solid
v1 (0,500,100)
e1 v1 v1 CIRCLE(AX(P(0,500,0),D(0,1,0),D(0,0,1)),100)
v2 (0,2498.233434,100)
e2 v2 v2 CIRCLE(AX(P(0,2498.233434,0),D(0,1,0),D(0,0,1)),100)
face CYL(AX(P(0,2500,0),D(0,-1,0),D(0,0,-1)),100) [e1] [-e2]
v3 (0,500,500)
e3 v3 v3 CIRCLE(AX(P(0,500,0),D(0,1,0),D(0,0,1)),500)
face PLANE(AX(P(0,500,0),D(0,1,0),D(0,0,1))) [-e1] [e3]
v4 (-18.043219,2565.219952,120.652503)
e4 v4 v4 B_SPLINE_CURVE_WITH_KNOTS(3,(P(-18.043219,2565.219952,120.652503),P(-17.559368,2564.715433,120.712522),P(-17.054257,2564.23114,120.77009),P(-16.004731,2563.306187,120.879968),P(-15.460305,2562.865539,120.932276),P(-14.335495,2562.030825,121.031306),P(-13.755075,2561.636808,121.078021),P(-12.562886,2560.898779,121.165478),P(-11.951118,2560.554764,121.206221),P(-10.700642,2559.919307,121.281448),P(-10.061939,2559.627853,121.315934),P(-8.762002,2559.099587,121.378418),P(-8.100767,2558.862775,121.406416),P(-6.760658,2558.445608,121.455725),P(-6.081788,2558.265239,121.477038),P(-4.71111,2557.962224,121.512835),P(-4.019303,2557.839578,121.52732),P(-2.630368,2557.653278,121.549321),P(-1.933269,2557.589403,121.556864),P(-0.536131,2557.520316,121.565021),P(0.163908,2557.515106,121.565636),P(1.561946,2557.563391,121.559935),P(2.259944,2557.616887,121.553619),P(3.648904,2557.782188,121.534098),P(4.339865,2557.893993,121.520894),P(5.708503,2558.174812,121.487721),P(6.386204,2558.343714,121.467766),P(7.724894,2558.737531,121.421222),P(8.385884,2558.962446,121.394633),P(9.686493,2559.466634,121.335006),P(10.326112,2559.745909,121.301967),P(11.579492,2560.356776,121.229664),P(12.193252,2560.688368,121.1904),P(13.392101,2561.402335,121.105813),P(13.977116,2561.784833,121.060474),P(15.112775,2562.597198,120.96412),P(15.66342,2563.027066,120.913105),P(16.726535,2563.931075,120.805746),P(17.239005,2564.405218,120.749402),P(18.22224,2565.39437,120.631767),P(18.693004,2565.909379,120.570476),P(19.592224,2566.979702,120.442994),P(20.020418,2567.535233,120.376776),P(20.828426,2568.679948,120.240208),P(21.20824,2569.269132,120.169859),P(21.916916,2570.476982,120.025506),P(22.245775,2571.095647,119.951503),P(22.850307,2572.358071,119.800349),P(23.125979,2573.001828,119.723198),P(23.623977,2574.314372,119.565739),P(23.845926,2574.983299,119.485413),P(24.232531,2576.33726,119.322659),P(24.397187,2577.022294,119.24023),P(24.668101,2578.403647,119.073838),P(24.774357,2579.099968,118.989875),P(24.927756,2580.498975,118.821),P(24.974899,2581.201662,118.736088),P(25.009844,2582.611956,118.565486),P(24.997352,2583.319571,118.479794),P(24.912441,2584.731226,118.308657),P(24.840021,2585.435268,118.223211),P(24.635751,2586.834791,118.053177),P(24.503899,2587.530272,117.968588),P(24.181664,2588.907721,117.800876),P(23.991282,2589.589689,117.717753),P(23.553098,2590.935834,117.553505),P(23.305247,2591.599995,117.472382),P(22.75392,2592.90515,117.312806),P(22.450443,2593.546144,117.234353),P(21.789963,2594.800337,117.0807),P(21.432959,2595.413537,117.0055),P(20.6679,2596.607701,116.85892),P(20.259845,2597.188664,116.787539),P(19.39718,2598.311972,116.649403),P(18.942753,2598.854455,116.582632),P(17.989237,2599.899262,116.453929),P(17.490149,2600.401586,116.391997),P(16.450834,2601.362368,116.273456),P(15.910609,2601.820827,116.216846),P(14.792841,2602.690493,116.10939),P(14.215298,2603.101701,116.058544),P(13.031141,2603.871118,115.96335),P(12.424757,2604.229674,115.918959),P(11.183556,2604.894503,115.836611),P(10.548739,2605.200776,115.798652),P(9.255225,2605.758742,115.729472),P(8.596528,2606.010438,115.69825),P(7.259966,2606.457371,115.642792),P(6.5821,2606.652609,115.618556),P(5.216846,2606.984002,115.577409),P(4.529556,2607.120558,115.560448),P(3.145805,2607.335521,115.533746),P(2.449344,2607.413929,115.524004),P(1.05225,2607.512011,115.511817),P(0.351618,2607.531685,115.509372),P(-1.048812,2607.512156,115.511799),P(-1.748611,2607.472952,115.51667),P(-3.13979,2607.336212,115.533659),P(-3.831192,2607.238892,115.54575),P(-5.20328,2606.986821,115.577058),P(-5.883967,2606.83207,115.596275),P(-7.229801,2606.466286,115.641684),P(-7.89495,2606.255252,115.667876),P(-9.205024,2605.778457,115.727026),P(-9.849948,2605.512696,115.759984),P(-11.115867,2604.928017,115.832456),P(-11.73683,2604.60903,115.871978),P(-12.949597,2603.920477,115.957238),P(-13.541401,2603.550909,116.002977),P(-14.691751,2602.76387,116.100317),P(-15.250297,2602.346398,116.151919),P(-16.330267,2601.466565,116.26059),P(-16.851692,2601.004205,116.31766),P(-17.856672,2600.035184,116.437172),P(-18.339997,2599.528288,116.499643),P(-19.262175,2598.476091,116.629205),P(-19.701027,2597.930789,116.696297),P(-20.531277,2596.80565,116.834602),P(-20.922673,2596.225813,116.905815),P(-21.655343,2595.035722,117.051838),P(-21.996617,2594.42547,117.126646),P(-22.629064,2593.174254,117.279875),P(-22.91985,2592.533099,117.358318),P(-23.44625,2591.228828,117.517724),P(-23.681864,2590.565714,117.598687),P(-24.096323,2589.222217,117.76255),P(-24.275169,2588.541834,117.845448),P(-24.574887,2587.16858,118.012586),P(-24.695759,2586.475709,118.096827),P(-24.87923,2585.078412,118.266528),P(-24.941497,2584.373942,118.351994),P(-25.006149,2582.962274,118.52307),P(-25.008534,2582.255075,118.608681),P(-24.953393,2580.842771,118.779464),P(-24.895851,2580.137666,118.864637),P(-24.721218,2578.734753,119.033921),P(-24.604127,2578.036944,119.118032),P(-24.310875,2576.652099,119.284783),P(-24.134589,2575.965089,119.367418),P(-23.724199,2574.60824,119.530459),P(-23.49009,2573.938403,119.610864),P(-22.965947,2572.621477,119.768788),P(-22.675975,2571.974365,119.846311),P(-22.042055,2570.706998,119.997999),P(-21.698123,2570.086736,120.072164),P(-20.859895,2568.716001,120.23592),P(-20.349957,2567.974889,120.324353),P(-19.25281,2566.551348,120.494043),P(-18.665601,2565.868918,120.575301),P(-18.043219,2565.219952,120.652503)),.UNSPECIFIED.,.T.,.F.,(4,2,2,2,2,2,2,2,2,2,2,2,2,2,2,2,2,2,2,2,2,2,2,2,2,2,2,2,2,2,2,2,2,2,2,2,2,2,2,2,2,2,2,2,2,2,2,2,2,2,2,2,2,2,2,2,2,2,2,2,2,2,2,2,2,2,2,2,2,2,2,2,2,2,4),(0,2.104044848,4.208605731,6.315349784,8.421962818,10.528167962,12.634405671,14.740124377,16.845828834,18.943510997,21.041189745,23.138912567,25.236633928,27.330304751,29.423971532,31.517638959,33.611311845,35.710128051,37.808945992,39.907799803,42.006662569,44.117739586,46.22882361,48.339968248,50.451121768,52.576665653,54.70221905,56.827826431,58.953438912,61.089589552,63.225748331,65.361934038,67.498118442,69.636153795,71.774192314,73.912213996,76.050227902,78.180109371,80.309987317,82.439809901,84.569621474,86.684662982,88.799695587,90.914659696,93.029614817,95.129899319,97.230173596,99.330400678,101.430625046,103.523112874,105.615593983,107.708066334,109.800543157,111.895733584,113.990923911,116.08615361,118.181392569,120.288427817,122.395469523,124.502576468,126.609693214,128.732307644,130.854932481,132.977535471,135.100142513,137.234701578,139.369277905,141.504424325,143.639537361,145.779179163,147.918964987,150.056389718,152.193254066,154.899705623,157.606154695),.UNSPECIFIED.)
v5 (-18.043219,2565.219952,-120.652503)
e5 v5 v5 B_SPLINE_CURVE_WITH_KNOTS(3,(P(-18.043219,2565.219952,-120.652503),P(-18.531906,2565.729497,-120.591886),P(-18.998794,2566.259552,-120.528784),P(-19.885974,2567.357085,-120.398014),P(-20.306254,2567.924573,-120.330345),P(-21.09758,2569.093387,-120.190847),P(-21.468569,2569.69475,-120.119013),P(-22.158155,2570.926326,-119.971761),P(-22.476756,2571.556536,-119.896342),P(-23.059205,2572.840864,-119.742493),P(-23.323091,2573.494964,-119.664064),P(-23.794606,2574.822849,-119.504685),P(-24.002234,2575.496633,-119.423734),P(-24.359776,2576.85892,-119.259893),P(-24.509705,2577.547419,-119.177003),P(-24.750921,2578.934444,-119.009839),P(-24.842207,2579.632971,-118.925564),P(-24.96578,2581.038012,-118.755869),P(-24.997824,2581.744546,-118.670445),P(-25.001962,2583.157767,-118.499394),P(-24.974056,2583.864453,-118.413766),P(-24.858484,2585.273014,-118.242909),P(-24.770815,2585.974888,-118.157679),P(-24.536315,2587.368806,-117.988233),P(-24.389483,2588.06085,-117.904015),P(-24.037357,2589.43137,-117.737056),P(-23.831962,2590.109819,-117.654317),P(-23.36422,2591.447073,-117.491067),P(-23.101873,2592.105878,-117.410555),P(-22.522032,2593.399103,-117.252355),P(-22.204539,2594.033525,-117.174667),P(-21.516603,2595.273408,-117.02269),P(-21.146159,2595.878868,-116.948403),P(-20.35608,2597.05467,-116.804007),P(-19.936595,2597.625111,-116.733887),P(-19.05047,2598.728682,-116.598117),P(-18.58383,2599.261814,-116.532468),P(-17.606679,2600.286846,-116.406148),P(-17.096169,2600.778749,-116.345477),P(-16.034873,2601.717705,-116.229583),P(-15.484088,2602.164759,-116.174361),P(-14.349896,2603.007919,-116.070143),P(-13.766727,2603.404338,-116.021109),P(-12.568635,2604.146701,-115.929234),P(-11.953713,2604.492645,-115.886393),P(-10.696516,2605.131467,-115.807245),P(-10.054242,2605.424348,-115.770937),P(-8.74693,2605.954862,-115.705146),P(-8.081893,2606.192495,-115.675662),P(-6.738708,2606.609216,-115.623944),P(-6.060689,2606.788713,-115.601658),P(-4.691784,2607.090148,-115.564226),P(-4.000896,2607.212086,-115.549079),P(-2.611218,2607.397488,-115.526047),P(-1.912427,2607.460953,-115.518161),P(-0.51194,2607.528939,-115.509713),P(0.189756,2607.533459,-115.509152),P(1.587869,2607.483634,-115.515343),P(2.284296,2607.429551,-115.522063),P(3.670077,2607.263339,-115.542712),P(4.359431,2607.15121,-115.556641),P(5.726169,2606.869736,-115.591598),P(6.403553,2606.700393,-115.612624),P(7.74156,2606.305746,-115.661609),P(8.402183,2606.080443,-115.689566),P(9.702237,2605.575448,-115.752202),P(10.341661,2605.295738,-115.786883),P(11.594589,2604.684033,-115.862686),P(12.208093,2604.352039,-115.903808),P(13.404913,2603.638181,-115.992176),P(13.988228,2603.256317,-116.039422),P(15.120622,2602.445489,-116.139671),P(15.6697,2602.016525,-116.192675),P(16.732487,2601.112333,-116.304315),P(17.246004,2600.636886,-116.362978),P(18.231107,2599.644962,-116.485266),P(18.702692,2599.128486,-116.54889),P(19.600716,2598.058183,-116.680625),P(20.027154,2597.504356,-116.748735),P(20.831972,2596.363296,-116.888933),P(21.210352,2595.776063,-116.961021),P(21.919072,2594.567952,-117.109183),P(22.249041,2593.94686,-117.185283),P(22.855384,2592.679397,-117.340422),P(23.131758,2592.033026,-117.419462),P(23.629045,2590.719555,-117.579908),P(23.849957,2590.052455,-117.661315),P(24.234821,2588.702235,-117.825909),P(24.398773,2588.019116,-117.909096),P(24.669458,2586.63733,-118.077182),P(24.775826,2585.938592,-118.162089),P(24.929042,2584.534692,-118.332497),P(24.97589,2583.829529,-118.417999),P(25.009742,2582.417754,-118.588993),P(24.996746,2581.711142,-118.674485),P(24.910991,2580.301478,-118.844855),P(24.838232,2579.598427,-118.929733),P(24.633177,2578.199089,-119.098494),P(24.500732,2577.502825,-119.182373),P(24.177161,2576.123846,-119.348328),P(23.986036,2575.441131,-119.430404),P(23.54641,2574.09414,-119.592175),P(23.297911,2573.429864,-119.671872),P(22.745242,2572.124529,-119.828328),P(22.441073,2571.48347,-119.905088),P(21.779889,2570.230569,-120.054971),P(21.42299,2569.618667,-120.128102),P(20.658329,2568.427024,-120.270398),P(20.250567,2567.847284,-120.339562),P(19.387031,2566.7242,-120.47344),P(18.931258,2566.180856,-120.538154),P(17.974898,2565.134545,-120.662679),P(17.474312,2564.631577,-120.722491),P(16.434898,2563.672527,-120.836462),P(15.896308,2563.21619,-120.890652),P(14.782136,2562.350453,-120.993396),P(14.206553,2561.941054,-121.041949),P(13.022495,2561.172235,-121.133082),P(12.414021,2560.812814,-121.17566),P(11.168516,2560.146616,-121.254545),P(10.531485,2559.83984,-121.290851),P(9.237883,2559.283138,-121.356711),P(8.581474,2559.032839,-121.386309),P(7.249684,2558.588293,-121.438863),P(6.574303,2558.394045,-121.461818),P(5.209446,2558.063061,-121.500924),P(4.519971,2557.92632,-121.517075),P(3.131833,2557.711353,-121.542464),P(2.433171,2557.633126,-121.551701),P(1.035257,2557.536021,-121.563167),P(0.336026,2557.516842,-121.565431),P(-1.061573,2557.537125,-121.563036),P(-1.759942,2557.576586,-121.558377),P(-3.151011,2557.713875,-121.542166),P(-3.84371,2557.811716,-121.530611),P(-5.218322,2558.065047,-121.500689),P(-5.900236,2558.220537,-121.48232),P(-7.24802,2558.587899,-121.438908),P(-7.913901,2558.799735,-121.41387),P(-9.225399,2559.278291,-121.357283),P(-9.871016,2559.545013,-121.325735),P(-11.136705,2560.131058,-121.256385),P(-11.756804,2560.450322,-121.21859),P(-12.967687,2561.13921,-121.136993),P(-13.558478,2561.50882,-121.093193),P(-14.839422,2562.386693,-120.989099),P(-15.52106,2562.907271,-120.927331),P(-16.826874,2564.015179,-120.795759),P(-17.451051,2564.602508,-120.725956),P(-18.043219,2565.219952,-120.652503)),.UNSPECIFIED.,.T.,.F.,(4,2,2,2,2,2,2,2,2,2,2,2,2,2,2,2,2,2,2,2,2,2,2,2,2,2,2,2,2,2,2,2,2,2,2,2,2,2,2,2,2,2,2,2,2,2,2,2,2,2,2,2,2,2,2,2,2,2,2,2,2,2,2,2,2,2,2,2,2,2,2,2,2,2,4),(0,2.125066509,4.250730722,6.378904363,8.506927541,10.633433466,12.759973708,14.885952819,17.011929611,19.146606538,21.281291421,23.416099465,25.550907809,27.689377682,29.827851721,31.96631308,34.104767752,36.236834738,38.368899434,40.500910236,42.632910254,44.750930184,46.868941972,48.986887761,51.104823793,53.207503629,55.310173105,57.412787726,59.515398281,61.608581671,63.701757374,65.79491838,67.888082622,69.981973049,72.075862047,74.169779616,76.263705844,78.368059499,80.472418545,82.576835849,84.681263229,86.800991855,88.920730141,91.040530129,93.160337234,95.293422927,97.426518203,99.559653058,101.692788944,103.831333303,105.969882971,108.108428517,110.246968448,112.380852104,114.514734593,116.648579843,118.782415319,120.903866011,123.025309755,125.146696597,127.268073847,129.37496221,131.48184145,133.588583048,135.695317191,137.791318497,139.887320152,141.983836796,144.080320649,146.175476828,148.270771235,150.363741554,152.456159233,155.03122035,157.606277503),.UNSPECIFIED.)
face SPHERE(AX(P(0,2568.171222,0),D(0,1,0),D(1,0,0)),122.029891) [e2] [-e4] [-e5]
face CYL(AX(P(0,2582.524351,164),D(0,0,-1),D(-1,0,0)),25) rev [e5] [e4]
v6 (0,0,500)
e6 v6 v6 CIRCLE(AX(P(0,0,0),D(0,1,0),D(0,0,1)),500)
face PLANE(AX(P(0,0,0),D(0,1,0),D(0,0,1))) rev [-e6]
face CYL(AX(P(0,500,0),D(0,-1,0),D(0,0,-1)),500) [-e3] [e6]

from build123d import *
from build123d.topology import SkipClean

# Parameters (mm, degrees)
SKETCH1_R               = 500
BOSS_EXTRUDE1_DEPTH     = 500
SKETCH2_R               = 100
BOSS_EXTRUDE2_DEPTH     = 2000
CUT_EXTRUDE1_DEPTH      = 164
CUT_EXTRUDE1_DEPTH_BACK = 147
SKETCH5_R               = 25


with BuildPart() as part:
    # Sketch1 → Boss-Extrude1 (new body)
    with BuildSketch(Plane(origin=(0, 0, 0), x_dir=(1, 0, 0), z_dir=(0, 1, 0))):
        with Locations(Location((0, 0, 0), (0, 0, 270))):
            Circle(SKETCH1_R)
    extrude(amount=BOSS_EXTRUDE1_DEPTH)

    # Sketch2 → Boss-Extrude2 (add)
    with BuildSketch(Plane(origin=(0, 500, 0), x_dir=(1, 0, 0), z_dir=(0, 1, 0))):
        with Locations(Location((0, 0, 0), (0, 0, 270))):
            Circle(SKETCH2_R)
    extrude(amount=BOSS_EXTRUDE2_DEPTH)

    # Sketch4 → Revolve3 (revolve)
    with SkipClean():  # the faces are left unmerged after this step: merging them gives an invalid solid
        with BuildSketch(Plane.XY, mode=Mode.PRIVATE) as revolve3_sk:
            with BuildLine():
                ThreePointArc((122.029891086, 2568.171222464), (86.288163494, 2654.459385958), (0, 2690.20111355))
                Line((0, 2690.20111355), (0, 2446.141331378))
                ThreePointArc((0, 2446.141331378), (86.288163494, 2481.883058969), (122.029891086, 2568.171222464))
            make_face()
            with BuildLine():
                Line((0, 2446.141331378), (0, 2690.20111355))
                ThreePointArc((0, 2690.20111355), (-122.029891086, 2568.171222464), (0, 2446.141331378))
            make_face()
        revolve(revolve3_sk.sketch.rotate(Axis((0, 2690.20111355, 0), (0, -1, 0)), 90), axis=Axis((0, 2690.20111355, 0), (0, -1, 0)))

    # Sketch5 → Cut-Extrude1 (cut, two sides: drawn at the far end of the back side and taken through both)
    with BuildSketch(Plane.XY.offset(-CUT_EXTRUDE1_DEPTH_BACK)):
        with Locations(Location((0, 2582.524351177, 0), (0, 0, 223.802603959))):
            Circle(SKETCH5_R)
    extrude(amount=CUT_EXTRUDE1_DEPTH + CUT_EXTRUDE1_DEPTH_BACK, mode=Mode.SUBTRACT)


solid = part.part
